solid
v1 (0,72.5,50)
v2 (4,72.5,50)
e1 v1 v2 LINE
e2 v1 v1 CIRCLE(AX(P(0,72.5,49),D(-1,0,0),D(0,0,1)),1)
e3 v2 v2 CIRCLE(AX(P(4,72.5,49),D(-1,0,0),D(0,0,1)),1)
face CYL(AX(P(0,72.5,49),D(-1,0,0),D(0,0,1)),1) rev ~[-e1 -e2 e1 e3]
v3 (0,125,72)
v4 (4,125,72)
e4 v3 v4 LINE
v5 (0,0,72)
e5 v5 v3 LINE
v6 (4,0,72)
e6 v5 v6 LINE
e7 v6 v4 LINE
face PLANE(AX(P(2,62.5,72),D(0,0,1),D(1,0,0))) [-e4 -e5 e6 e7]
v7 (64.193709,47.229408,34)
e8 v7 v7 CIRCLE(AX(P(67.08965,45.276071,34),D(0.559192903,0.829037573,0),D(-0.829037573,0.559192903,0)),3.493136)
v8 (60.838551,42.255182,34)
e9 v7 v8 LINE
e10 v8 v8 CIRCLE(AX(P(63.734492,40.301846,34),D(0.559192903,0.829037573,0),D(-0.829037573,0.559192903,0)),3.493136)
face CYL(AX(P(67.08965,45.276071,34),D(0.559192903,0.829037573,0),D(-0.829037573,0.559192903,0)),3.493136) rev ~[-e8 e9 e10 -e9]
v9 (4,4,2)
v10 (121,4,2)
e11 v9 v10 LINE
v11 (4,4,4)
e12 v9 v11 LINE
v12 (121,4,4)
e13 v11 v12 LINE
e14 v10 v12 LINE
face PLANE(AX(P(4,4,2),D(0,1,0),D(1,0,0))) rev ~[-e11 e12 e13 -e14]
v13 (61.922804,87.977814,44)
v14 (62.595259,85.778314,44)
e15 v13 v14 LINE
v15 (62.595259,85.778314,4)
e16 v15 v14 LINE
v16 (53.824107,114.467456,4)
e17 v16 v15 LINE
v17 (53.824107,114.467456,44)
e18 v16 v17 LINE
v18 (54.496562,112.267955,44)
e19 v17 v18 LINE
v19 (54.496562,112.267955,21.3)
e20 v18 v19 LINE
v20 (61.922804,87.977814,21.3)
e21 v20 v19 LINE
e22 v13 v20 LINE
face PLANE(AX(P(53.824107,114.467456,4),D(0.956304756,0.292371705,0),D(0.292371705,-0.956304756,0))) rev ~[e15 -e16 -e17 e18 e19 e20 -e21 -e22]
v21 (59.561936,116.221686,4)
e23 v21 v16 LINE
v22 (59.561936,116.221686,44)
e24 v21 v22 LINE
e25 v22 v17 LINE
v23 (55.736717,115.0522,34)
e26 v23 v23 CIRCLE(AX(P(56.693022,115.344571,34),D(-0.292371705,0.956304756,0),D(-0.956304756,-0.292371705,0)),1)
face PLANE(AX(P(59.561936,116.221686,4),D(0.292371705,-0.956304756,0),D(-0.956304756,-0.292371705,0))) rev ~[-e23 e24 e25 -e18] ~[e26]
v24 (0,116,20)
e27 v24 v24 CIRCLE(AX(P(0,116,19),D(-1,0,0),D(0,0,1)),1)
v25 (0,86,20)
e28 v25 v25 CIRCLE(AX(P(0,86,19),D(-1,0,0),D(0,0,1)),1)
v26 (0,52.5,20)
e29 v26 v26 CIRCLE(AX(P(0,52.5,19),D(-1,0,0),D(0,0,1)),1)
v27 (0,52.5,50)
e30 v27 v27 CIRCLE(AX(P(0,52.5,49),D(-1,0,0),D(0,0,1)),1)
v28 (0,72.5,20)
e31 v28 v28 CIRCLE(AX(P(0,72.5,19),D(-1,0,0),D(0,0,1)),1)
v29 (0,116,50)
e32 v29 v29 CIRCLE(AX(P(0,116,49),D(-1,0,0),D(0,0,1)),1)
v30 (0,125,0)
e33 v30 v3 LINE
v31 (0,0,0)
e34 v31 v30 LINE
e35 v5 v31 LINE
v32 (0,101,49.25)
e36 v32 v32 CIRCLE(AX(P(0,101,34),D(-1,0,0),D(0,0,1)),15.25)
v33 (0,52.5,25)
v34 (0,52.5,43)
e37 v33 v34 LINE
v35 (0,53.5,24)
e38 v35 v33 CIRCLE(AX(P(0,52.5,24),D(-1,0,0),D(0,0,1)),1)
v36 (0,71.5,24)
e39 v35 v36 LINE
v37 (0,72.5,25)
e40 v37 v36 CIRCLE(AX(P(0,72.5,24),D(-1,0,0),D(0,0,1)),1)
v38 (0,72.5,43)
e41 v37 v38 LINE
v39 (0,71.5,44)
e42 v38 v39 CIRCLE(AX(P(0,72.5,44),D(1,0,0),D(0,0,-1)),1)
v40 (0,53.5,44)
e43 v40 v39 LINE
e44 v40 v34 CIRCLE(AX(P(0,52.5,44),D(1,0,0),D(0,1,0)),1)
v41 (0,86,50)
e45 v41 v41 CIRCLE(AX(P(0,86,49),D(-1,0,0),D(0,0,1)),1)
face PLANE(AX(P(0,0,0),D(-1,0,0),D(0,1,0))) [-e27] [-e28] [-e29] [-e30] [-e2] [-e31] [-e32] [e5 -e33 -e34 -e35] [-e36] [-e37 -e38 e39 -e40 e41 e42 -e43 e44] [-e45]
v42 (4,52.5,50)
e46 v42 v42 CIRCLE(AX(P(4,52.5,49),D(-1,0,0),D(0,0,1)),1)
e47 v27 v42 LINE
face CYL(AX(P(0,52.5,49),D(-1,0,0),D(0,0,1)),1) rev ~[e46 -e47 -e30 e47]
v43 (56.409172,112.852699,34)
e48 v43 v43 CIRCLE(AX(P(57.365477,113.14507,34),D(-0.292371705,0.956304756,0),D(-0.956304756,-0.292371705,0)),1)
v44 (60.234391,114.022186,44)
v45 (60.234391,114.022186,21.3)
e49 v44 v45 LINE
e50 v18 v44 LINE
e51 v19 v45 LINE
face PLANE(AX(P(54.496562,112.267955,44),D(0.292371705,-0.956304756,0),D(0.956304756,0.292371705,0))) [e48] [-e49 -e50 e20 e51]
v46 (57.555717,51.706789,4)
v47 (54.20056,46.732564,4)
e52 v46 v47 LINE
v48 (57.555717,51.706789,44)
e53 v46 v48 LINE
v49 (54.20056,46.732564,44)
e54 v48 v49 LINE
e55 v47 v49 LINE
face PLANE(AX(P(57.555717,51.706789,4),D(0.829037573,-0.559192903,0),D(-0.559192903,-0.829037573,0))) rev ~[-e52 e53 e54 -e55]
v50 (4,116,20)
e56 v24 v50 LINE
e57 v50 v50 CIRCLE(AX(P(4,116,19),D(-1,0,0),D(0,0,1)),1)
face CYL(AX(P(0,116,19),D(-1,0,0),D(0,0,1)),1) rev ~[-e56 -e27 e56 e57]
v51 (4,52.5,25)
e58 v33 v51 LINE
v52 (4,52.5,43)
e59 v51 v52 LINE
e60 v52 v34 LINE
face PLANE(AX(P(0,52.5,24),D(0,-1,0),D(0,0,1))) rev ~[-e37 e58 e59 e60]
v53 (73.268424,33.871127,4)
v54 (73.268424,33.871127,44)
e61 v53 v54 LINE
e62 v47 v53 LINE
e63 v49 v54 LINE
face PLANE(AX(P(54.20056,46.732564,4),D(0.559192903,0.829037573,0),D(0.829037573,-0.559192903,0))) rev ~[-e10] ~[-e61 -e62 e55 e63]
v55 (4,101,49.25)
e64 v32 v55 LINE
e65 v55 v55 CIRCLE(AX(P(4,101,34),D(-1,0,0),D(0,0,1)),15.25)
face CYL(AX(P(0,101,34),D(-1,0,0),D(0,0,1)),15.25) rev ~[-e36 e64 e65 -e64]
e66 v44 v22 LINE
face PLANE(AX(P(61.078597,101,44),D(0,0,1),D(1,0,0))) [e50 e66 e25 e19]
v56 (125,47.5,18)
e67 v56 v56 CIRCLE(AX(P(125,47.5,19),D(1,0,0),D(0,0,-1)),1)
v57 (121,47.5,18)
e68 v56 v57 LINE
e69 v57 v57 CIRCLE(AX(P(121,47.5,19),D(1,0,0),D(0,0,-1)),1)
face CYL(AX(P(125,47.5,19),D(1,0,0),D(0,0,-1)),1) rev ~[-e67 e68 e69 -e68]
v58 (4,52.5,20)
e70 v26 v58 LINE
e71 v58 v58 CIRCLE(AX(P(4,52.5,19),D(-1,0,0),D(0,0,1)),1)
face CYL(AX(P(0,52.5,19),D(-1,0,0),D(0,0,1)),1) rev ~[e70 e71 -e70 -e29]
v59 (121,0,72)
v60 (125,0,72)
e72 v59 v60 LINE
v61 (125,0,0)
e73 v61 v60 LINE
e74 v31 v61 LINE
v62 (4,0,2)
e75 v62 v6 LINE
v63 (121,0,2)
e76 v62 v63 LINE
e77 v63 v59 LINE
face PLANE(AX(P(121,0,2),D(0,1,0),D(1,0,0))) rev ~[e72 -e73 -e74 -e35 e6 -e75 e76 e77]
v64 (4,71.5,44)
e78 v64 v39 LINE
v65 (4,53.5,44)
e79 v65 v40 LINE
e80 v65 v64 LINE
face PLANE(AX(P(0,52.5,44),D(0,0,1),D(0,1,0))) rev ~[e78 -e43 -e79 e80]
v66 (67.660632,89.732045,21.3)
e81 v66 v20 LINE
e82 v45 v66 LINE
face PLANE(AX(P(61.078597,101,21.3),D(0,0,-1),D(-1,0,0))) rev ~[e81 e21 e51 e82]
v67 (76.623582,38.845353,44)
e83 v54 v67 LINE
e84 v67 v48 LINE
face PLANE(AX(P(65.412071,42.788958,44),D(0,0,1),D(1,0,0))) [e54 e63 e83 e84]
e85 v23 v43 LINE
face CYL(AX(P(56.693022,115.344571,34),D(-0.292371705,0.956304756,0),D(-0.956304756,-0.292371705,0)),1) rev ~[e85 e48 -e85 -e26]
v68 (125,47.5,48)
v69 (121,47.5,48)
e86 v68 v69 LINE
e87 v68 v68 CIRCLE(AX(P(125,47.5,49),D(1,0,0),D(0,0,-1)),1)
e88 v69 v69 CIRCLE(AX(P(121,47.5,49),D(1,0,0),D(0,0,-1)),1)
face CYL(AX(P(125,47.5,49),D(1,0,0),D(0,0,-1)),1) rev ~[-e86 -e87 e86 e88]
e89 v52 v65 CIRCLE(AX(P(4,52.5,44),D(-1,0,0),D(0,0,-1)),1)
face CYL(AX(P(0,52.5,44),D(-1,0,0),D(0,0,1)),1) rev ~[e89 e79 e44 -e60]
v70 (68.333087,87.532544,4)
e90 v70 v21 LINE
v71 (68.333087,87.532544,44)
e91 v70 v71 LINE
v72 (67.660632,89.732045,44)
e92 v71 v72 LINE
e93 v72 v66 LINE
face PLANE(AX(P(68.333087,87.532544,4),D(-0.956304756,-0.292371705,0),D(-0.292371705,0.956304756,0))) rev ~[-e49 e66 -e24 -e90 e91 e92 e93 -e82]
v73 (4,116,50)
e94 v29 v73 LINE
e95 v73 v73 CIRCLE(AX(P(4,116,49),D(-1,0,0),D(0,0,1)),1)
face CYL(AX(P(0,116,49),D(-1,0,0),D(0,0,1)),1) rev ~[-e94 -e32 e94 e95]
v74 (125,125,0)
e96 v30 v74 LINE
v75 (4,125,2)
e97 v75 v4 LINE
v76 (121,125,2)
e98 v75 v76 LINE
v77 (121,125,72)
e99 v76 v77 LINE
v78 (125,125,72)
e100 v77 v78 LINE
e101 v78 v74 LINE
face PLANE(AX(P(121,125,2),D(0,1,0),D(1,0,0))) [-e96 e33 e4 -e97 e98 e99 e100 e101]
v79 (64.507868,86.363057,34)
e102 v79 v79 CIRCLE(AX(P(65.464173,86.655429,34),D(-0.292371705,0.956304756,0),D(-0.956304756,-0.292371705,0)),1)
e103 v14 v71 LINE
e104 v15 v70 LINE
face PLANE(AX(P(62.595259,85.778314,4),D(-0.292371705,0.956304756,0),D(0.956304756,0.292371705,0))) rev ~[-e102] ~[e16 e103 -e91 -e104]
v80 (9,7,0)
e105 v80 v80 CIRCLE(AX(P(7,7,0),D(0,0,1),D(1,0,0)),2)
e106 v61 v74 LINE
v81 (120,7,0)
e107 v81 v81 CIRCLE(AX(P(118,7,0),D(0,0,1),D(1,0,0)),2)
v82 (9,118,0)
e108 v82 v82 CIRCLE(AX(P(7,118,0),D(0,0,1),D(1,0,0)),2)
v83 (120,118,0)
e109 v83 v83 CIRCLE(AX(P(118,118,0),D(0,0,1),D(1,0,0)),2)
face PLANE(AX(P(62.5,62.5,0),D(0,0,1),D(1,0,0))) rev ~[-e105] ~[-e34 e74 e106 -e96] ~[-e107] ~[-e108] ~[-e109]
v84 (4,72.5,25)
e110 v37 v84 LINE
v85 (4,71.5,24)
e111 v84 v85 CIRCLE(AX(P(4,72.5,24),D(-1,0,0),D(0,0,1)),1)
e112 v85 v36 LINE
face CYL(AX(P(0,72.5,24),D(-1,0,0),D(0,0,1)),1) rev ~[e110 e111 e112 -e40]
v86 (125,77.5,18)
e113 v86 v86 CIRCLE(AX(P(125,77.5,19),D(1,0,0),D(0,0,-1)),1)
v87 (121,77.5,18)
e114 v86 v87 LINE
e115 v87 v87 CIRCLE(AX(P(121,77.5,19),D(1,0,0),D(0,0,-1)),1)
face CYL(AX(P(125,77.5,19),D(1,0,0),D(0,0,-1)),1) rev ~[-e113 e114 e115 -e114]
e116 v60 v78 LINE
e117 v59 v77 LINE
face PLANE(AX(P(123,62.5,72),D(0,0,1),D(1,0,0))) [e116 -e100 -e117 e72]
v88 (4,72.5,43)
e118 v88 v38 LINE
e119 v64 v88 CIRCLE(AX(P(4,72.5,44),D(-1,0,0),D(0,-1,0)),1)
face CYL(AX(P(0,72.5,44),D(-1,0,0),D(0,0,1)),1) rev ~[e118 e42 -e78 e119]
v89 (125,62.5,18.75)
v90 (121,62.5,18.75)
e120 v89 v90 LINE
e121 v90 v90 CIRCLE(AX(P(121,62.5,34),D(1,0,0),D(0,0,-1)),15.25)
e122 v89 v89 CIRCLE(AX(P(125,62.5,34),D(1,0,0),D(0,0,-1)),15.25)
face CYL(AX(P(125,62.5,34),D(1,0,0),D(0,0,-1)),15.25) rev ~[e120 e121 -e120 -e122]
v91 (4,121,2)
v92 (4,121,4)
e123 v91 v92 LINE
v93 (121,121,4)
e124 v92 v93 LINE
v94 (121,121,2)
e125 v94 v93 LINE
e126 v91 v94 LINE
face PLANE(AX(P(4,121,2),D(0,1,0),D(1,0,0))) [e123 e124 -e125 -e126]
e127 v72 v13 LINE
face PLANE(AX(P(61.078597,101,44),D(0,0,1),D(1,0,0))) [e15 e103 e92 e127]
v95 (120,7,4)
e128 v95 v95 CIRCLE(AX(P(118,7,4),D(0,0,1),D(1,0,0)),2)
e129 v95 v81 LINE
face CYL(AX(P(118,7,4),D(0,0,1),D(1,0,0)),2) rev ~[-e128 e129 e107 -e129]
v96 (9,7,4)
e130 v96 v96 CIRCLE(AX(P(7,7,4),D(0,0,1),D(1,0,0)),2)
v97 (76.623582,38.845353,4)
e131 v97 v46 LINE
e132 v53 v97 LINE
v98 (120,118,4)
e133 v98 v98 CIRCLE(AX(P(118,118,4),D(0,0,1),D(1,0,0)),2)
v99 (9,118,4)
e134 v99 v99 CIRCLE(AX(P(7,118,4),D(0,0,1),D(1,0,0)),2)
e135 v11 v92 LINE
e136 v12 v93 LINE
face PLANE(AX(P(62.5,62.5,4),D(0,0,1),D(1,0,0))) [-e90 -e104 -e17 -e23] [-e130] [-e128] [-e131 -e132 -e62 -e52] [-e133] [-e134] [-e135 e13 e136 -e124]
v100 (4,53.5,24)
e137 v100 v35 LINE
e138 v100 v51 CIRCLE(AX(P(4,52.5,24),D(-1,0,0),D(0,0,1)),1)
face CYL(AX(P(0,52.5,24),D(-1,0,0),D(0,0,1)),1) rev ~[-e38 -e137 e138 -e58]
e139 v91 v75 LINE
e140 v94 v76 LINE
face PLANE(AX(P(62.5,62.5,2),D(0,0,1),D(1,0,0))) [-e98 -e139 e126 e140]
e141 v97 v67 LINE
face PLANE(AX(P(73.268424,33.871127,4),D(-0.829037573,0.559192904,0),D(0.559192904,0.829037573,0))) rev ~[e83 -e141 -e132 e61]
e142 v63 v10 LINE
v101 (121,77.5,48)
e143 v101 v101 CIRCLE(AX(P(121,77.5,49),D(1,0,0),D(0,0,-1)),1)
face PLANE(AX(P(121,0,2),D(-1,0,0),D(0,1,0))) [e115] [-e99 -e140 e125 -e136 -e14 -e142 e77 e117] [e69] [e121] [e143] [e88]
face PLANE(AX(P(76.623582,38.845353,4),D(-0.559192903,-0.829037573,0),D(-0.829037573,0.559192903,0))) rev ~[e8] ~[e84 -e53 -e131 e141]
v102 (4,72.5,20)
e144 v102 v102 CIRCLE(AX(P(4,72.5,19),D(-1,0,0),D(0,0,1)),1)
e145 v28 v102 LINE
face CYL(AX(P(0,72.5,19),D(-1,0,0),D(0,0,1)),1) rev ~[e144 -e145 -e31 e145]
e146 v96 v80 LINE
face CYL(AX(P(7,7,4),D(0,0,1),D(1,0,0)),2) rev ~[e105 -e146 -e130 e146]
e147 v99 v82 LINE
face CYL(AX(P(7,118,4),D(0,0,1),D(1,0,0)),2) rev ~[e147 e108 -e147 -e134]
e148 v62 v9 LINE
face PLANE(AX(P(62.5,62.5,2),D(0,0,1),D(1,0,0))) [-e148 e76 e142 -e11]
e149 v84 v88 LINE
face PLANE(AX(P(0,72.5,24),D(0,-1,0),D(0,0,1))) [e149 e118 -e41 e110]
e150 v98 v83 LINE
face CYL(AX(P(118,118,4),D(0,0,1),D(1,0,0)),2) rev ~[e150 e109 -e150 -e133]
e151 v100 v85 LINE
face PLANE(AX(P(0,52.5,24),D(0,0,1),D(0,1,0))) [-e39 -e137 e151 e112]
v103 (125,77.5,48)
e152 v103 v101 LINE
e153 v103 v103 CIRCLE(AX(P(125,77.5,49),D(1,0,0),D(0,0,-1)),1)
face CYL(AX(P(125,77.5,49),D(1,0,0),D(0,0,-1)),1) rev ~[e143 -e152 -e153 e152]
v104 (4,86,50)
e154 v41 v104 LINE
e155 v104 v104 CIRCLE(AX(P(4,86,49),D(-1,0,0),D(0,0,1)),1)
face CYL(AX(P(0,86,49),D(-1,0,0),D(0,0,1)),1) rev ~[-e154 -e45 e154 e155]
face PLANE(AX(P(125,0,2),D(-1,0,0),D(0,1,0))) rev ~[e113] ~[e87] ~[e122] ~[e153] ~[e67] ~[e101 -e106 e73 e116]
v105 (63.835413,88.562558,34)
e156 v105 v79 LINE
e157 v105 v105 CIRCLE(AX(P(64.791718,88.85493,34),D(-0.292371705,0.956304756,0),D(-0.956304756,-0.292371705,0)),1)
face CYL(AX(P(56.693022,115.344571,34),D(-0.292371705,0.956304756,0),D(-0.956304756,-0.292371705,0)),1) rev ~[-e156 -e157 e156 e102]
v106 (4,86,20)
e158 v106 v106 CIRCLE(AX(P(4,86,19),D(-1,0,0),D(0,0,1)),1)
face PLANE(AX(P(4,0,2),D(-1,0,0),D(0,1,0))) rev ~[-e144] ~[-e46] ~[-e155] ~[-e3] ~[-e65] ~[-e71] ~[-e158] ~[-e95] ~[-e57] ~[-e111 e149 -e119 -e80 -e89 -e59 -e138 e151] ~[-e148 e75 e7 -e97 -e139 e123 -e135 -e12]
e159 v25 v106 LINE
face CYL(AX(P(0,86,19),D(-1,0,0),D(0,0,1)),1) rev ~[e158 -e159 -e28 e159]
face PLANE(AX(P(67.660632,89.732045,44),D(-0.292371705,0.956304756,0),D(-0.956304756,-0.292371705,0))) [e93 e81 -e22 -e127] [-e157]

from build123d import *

# Parameters (mm, degrees)
SKIZZE1_W                       = 125
SKIZZE1_H                       = 125
AUFSATZ_LINEAR_AUSTRAGEN1_DEPTH = 2
SKIZZE2_W                       = 117
SKIZZE2_H                       = 117
AUFSATZ_LINEAR_AUSTRAGEN2_DEPTH = 2
SKIZZE3_R                       = 2
SCHNITT_LINEAR_AUSTRAGEN1_DEPTH = 32
AUFSATZ_LINEAR_AUSTRAGEN3_DEPTH = 40
SKIZZE8_R                       = 1
SCHNITT_LINEAR_AUSTRAGEN3_DEPTH = 40
SKIZZE9_R                       = 3.493135661
SCHNITT_LINEAR_AUSTRAGEN4_DEPTH = 20
SKIZZE10_W                      = 4
SKIZZE10_H                      = 125
AUFSATZ_LINEAR_AUSTRAGEN4_DEPTH = 70
SKIZZE11_R                      = 15.25
SKIZZE11_R_2                    = 1
SCHNITT_LINEAR_AUSTRAGEN5_DEPTH = 10
SKIZZE12_R                      = 15.25
SKIZZE12_R_2                    = 1
SKIZZE12_W                      = 20
SKIZZE12_H                      = 20
SCHNITT_LINEAR_AUSTRAGEN6_DEPTH = 12
SKIZZE13_R                      = 1
SCHNITT_LINEAR_AUSTRAGEN7_DEPTH = 10
SCHNITT_LINEAR_AUSTRAGEN8_DEPTH = 22.7


with BuildPart() as part:
    # Skizze1 → Aufsatz-Linear austragen1 (new body)
    with BuildSketch(Plane.XY):
        with Locations((62.5, 62.5)):
            Rectangle(SKIZZE1_W, SKIZZE1_H)
    extrude(amount=AUFSATZ_LINEAR_AUSTRAGEN1_DEPTH)

    # Skizze2 → Aufsatz-Linear austragen2 (add)
    with BuildSketch(Plane.XY.offset(2)):
        with Locations((62.5, 62.5)):
            Rectangle(SKIZZE2_W, SKIZZE2_H)
    extrude(amount=AUFSATZ_LINEAR_AUSTRAGEN2_DEPTH)

    # Skizze3 → Schnitt-Linear austragen1 (cut)
    with BuildSketch(Plane.XY.offset(4)):
        with Locations((7, 118)):
            Circle(SKIZZE3_R)
        with Locations((7, 7)):
            Circle(SKIZZE3_R)
        with Locations((118, 7)):
            Circle(SKIZZE3_R)
        with Locations((118, 118)):
            Circle(SKIZZE3_R)
    extrude(amount=-SCHNITT_LINEAR_AUSTRAGEN1_DEPTH, mode=Mode.SUBTRACT)

    # Skizze4 → Aufsatz-Linear austragen3 (add)
    with BuildSketch(Plane.XY.offset(4)):
        Polygon((62.595258591, 85.778313546), (68.333087126, 87.532543775), (59.561935985, 116.221686454), (53.824107449, 114.467456225), align=None)
        Polygon((54.200560001, 46.732563956), (73.26842417, 33.871127177), (76.623581591, 38.845352612), (57.555717422, 51.706789392), align=None)
    extrude(amount=AUFSATZ_LINEAR_AUSTRAGEN3_DEPTH)

    # Skizze8 → Schnitt-Linear austragen3 (cut)
    with BuildSketch(Plane(origin=(-27.403744567, 89.633609675, 0), x_dir=(0.9563047559630352, 0.2923717047227376, 0), z_dir=(-0.29237170472273766, 0.9563047559630353, 0))):
        with Locations(Location((87.939295251, -34, 0), (0, 0, 180))):
            Circle(SKIZZE8_R)
    extrude(amount=-SCHNITT_LINEAR_AUSTRAGEN3_DEPTH, mode=Mode.SUBTRACT)

    # Skizze9 → Schnitt-Linear austragen4 (cut)
    with BuildSketch(Plane(origin=(41.968333241, 62.220612777, 0), x_dir=(0.8290375725550413, -0.5591929034707476, 0), z_dir=(0.5591929034707476, 0.8290375725550413, 0))):
        with Locations(Location((30.301782569, -34, 0), (0, 0, 180))):
            Circle(SKIZZE9_R)
    extrude(amount=-SCHNITT_LINEAR_AUSTRAGEN4_DEPTH, mode=Mode.SUBTRACT)

    # Skizze10 → Aufsatz-Linear austragen4 (add)
    with BuildSketch(Plane.XY.offset(2)):
        with Locations((123, 62.5)):
            Rectangle(SKIZZE10_W, SKIZZE10_H)
        with Locations((2, 62.5)):
            Rectangle(SKIZZE10_W, SKIZZE10_H)
    extrude(amount=AUFSATZ_LINEAR_AUSTRAGEN4_DEPTH)

    # Skizze11 → Schnitt-Linear austragen5 (cut)
    with BuildSketch(Plane(origin=(125, 0, 0), x_dir=(0, 0, -1), z_dir=(1, 0, 0))):
        with Locations((-34, 62.5)):
            Circle(SKIZZE11_R)
        with Locations((-49, 47.5)):
            Circle(SKIZZE11_R_2)
        with Locations((-19, 47.5)):
            Circle(SKIZZE11_R_2)
        with Locations((-49, 77.5)):
            Circle(SKIZZE11_R_2)
        with Locations((-19, 77.5)):
            Circle(SKIZZE11_R_2)
    extrude(amount=-SCHNITT_LINEAR_AUSTRAGEN5_DEPTH, mode=Mode.SUBTRACT)

    # Skizze12 → Schnitt-Linear austragen6 (cut)
    with BuildSketch(Plane.ZY):
        with Locations((34, 101)):
            Circle(SKIZZE12_R)
        with Locations((19, 116)):
            Circle(SKIZZE12_R_2)
        with Locations((49, 116)):
            Circle(SKIZZE12_R_2)
        with Locations((49, 86)):
            Circle(SKIZZE12_R_2)
        with Locations((19, 86)):
            Circle(SKIZZE12_R_2)
        with Locations((19, 72.5)):
            Circle(SKIZZE12_R_2)
        with Locations((49, 72.5)):
            Circle(SKIZZE12_R_2)
        with Locations((49, 52.5)):
            Circle(SKIZZE12_R_2)
        with Locations((19, 52.5)):
            Circle(SKIZZE12_R_2)
        with Locations((34, 62.5)):
            Rectangle(SKIZZE12_W, SKIZZE12_H)
    extrude(amount=-SCHNITT_LINEAR_AUSTRAGEN6_DEPTH, mode=Mode.SUBTRACT)

    # Skizze13 → Schnitt-Linear austragen7 (cut)
    with BuildSketch(Plane.ZY):
        with Locations((24, 52.5)):
            Circle(SKIZZE13_R)
        with Locations((44, 52.5)):
            Circle(SKIZZE13_R)
        with Locations((24, 72.5)):
            Circle(SKIZZE13_R)
        with Locations((44, 72.5)):
            Circle(SKIZZE13_R)
    extrude(amount=-SCHNITT_LINEAR_AUSTRAGEN7_DEPTH, mode=Mode.SUBTRACT)

    # Skizze7 → Schnitt-Linear austragen8 (cut)
    with BuildSketch(Plane.XY.offset(44)):
        Polygon((54.49656237, 112.267955287), (60.234390906, 114.022185515), (67.660632206, 89.732044713), (61.92280367, 87.977814485), align=None)
    extrude(amount=-SCHNITT_LINEAR_AUSTRAGEN8_DEPTH, mode=Mode.SUBTRACT)


solid = part.part
